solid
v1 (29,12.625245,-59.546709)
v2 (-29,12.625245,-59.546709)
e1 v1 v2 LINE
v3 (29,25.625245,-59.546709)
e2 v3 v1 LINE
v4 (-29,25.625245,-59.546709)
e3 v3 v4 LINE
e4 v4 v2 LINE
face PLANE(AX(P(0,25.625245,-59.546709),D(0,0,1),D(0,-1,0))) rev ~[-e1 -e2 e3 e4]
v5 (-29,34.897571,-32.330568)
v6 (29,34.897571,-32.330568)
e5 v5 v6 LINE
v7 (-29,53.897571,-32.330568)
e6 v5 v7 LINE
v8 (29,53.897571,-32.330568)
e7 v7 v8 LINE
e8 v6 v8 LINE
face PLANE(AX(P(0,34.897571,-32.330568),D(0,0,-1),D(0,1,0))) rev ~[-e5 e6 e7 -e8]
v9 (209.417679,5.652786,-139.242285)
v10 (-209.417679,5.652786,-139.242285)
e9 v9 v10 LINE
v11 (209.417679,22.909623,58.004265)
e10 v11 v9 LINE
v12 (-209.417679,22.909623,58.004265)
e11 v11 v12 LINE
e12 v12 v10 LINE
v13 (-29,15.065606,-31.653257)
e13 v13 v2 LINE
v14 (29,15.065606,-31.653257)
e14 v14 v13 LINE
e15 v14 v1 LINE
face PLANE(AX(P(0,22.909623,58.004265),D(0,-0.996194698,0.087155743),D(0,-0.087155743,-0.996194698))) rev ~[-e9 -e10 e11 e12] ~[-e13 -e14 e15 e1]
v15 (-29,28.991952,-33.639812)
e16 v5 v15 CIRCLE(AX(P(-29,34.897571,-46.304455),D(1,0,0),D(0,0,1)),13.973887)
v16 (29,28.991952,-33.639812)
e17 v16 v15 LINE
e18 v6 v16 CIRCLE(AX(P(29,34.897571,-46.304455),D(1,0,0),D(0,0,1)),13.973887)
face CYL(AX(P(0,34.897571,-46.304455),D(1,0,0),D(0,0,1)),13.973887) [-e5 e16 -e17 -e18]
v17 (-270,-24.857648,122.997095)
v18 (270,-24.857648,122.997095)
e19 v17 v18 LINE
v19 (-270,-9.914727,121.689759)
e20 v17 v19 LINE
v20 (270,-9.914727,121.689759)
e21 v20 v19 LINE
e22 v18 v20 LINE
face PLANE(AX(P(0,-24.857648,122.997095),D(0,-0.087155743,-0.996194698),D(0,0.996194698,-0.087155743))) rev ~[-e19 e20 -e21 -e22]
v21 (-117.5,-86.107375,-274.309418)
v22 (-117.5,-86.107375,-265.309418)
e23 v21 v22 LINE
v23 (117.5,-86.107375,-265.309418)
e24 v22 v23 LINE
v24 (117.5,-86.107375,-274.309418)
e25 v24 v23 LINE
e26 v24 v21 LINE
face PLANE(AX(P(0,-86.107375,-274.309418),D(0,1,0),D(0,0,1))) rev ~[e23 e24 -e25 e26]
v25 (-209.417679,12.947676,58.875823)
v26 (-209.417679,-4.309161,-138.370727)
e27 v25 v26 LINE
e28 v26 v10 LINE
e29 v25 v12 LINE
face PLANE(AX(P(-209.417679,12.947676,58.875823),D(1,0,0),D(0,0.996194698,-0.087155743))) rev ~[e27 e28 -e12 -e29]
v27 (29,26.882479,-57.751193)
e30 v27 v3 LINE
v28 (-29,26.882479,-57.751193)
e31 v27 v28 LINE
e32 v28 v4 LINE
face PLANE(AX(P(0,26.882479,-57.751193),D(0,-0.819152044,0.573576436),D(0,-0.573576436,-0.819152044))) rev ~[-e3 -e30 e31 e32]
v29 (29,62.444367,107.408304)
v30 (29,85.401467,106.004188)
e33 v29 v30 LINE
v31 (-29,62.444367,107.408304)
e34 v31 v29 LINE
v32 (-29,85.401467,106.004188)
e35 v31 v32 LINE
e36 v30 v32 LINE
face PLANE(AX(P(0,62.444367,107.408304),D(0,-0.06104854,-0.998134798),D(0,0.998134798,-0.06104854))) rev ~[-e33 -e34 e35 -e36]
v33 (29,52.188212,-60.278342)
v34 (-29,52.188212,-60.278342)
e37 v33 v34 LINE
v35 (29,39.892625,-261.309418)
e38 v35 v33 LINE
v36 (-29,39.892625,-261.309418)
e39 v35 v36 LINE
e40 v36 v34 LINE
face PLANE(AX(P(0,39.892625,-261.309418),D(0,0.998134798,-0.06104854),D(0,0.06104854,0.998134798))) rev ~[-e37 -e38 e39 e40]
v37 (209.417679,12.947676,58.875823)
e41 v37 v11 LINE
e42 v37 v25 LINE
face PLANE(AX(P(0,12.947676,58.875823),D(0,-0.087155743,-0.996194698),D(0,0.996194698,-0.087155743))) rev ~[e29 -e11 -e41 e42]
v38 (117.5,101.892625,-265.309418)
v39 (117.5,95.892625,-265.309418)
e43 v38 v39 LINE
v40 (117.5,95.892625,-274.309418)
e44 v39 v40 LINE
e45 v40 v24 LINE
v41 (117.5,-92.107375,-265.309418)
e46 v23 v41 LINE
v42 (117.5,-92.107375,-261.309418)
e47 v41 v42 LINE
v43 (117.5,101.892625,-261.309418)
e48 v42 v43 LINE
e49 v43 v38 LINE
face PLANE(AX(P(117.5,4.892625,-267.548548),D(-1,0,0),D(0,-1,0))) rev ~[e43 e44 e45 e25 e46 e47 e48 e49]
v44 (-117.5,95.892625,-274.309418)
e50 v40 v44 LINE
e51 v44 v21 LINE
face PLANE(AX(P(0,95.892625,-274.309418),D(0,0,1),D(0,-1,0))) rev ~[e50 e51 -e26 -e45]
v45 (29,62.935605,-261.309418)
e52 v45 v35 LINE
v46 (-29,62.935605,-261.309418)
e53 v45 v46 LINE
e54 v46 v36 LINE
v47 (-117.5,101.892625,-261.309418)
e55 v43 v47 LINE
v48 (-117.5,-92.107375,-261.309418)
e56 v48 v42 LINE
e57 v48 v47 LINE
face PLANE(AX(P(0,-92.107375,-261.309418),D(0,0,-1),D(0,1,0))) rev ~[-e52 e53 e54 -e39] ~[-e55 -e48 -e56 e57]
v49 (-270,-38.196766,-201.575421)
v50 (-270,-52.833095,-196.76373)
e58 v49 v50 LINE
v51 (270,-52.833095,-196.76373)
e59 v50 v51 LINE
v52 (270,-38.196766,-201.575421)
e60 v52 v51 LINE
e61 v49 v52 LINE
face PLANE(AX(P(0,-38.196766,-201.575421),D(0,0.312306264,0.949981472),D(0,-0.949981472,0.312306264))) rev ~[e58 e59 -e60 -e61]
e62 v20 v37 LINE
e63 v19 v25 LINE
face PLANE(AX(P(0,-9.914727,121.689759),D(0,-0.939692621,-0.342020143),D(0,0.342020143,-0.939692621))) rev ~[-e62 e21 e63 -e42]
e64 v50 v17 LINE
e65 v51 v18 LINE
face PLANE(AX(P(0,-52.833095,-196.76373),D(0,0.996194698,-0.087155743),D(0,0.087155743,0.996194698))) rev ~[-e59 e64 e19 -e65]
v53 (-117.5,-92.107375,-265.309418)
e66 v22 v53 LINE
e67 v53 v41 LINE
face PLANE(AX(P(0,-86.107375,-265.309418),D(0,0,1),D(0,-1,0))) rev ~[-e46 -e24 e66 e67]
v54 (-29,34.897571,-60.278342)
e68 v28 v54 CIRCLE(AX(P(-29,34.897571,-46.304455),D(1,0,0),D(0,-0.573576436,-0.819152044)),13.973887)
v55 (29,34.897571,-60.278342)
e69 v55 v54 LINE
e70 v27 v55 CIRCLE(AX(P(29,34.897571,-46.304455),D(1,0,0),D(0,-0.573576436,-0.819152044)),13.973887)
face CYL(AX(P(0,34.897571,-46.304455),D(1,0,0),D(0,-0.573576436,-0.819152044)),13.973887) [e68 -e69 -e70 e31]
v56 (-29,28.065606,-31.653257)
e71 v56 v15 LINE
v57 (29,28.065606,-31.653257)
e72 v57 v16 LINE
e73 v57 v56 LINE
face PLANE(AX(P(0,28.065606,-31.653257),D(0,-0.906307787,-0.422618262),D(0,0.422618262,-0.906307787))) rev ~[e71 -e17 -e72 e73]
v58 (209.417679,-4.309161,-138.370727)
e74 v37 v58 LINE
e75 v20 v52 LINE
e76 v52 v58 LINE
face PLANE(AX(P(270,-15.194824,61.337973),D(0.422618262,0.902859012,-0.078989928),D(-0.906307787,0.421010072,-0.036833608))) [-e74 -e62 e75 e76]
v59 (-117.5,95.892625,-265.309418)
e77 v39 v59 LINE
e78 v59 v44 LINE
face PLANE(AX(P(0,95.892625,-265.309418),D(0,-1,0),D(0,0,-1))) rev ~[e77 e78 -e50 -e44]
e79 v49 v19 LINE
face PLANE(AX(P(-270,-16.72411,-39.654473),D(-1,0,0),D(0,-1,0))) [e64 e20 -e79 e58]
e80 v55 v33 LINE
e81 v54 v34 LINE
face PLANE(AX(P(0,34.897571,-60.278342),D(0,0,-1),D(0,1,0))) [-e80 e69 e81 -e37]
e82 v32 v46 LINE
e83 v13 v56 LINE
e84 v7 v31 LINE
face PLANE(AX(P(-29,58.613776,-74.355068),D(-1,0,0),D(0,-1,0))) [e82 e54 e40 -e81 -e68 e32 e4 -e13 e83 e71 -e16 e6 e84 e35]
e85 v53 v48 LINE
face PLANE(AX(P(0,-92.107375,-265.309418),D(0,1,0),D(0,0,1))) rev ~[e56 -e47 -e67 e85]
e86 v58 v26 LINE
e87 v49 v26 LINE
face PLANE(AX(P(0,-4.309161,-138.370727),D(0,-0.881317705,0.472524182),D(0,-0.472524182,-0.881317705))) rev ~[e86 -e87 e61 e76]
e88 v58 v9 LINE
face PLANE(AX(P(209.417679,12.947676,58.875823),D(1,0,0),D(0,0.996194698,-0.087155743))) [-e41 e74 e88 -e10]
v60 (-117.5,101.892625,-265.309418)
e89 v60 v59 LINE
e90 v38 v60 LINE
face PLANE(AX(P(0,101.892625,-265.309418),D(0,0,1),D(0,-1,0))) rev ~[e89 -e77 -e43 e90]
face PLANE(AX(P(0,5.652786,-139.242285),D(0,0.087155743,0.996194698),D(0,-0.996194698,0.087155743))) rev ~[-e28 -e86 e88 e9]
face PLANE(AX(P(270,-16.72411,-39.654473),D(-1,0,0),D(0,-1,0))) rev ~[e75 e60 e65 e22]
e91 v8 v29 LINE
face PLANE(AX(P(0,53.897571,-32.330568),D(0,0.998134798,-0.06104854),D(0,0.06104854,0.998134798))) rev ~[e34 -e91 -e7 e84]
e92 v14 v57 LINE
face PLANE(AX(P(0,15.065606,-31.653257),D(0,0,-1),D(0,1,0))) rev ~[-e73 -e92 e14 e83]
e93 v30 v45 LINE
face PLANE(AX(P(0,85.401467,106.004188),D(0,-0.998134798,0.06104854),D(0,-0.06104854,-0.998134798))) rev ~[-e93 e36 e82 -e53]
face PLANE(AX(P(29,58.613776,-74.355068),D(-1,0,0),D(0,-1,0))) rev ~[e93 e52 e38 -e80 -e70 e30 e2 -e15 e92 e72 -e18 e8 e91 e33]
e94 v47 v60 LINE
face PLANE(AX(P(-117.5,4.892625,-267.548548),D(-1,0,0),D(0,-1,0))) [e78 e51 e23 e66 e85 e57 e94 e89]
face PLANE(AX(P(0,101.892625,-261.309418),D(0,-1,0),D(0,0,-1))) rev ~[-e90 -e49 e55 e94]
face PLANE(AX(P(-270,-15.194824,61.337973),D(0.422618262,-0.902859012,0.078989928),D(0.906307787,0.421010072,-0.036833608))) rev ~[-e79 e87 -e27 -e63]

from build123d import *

# Parameters (mm, degrees)
PAD_DEPTH         = 270
PAD001_DEPTH      = 29
PAD002_DEPTH      = 117.5
POCKET_DEPTH      = 341.0745213347
POCKET_DEPTH_BACK = 71.6303346662


with BuildPart() as part:
    # Sketch001 → Pad (new body, symmetric)
    with BuildSketch(Plane.YZ):
        Polygon((-24.8576477137, 122.9970951405), (-9.9147272423, 121.6897589993), (12.9476758379, 58.8758227821), (22.9096228188, 58.0042653546), (5.6527857547, -139.2422848675), (-4.3091612262, -138.3707274401), (-38.1967657639, -201.5754205315), (-52.8330949144, -196.7637295572), align=None)
    extrude(amount=PAD_DEPTH, both=True)

    # Sketch002 → Pad001 (join, symmetric)
    with BuildSketch(Plane.YZ):
        with BuildLine():
            Line((62.4443669874, 107.4083042285), (85.4014673511, 106.0041878192))
            Line((85.4014673511, 106.0041878192), (62.9356048023, -261.309418))
            Line((62.9356048023, -261.309418), (39.892625, -261.309418))
            Line((39.892625, -261.309418), (52.1882123456, -60.2783419063))
            Line((34.8975714525, -60.2783419063), (52.1882123456, -60.2783419063))
            ThreePointArc((26.8824790431, -57.7511929769), (30.6955425365, -59.6315877978), (34.8975714525, -60.2783419063))
            Line((26.8824790431, -57.7511929769), (25.6252451745, -59.5467090202))
            Line((25.6252451745, -59.5467090202), (12.6252451745, -59.5467090202))
            Line((15.0656059715, -31.6532574736), (12.6252451745, -59.5467090202))
            Line((15.0656059715, -31.6532574736), (28.0656059715, -31.6532574736))
            Line((28.0656059715, -31.6532574736), (28.9919515436, -33.6398119639))
            ThreePointArc((34.8975714525, -32.3305675505), (31.8730687065, -32.6618044727), (28.9919515436, -33.6398119639))
            Line((34.8975714525, -32.3305675505), (53.8975714525, -32.3305675505))
            Line((53.8975714525, -32.3305675505), (62.4443669874, 107.4083042285))
        make_face()
    extrude(amount=PAD001_DEPTH, both=True)

    # Sketch003 → Pad002 (join, symmetric)
    with BuildSketch(Plane.YZ):
        Polygon((-92.107375, -261.309418), (101.892625, -261.309418), (101.892625, -265.309418), (95.892625, -265.309418), (95.892625, -274.309418), (-86.107375, -274.309418), (-86.107375, -265.309418), (-92.107375, -265.309418), align=None)
    extrude(amount=PAD002_DEPTH, both=True)

    # Sketch004 (on DatumPlane) → Pocket (cut, two sides)
    with BuildSketch(Plane(origin=(0, 5.210191812, 59.5527649186), x_dir=(0, -0.9961946981, 0.0871557427), z_dir=(0, 0.0871557427, 0.9961946981))) as pocket_sk:
        Polygon((20.4829600422, 270), (-7.7670399578, 209.4176794956), (-17.7670399578, 209.4176794956), (-17.7670399578, 270), align=None)
        Polygon((20.4829600422, -270), (-7.7670399578, -209.4176794956), (-17.7670399578, -209.4176794956), (-17.7670399578, -270), align=None)
    extrude(amount=-POCKET_DEPTH, mode=Mode.SUBTRACT)
    extrude(pocket_sk.sketch, amount=POCKET_DEPTH_BACK, mode=Mode.SUBTRACT)


solid = part.part
